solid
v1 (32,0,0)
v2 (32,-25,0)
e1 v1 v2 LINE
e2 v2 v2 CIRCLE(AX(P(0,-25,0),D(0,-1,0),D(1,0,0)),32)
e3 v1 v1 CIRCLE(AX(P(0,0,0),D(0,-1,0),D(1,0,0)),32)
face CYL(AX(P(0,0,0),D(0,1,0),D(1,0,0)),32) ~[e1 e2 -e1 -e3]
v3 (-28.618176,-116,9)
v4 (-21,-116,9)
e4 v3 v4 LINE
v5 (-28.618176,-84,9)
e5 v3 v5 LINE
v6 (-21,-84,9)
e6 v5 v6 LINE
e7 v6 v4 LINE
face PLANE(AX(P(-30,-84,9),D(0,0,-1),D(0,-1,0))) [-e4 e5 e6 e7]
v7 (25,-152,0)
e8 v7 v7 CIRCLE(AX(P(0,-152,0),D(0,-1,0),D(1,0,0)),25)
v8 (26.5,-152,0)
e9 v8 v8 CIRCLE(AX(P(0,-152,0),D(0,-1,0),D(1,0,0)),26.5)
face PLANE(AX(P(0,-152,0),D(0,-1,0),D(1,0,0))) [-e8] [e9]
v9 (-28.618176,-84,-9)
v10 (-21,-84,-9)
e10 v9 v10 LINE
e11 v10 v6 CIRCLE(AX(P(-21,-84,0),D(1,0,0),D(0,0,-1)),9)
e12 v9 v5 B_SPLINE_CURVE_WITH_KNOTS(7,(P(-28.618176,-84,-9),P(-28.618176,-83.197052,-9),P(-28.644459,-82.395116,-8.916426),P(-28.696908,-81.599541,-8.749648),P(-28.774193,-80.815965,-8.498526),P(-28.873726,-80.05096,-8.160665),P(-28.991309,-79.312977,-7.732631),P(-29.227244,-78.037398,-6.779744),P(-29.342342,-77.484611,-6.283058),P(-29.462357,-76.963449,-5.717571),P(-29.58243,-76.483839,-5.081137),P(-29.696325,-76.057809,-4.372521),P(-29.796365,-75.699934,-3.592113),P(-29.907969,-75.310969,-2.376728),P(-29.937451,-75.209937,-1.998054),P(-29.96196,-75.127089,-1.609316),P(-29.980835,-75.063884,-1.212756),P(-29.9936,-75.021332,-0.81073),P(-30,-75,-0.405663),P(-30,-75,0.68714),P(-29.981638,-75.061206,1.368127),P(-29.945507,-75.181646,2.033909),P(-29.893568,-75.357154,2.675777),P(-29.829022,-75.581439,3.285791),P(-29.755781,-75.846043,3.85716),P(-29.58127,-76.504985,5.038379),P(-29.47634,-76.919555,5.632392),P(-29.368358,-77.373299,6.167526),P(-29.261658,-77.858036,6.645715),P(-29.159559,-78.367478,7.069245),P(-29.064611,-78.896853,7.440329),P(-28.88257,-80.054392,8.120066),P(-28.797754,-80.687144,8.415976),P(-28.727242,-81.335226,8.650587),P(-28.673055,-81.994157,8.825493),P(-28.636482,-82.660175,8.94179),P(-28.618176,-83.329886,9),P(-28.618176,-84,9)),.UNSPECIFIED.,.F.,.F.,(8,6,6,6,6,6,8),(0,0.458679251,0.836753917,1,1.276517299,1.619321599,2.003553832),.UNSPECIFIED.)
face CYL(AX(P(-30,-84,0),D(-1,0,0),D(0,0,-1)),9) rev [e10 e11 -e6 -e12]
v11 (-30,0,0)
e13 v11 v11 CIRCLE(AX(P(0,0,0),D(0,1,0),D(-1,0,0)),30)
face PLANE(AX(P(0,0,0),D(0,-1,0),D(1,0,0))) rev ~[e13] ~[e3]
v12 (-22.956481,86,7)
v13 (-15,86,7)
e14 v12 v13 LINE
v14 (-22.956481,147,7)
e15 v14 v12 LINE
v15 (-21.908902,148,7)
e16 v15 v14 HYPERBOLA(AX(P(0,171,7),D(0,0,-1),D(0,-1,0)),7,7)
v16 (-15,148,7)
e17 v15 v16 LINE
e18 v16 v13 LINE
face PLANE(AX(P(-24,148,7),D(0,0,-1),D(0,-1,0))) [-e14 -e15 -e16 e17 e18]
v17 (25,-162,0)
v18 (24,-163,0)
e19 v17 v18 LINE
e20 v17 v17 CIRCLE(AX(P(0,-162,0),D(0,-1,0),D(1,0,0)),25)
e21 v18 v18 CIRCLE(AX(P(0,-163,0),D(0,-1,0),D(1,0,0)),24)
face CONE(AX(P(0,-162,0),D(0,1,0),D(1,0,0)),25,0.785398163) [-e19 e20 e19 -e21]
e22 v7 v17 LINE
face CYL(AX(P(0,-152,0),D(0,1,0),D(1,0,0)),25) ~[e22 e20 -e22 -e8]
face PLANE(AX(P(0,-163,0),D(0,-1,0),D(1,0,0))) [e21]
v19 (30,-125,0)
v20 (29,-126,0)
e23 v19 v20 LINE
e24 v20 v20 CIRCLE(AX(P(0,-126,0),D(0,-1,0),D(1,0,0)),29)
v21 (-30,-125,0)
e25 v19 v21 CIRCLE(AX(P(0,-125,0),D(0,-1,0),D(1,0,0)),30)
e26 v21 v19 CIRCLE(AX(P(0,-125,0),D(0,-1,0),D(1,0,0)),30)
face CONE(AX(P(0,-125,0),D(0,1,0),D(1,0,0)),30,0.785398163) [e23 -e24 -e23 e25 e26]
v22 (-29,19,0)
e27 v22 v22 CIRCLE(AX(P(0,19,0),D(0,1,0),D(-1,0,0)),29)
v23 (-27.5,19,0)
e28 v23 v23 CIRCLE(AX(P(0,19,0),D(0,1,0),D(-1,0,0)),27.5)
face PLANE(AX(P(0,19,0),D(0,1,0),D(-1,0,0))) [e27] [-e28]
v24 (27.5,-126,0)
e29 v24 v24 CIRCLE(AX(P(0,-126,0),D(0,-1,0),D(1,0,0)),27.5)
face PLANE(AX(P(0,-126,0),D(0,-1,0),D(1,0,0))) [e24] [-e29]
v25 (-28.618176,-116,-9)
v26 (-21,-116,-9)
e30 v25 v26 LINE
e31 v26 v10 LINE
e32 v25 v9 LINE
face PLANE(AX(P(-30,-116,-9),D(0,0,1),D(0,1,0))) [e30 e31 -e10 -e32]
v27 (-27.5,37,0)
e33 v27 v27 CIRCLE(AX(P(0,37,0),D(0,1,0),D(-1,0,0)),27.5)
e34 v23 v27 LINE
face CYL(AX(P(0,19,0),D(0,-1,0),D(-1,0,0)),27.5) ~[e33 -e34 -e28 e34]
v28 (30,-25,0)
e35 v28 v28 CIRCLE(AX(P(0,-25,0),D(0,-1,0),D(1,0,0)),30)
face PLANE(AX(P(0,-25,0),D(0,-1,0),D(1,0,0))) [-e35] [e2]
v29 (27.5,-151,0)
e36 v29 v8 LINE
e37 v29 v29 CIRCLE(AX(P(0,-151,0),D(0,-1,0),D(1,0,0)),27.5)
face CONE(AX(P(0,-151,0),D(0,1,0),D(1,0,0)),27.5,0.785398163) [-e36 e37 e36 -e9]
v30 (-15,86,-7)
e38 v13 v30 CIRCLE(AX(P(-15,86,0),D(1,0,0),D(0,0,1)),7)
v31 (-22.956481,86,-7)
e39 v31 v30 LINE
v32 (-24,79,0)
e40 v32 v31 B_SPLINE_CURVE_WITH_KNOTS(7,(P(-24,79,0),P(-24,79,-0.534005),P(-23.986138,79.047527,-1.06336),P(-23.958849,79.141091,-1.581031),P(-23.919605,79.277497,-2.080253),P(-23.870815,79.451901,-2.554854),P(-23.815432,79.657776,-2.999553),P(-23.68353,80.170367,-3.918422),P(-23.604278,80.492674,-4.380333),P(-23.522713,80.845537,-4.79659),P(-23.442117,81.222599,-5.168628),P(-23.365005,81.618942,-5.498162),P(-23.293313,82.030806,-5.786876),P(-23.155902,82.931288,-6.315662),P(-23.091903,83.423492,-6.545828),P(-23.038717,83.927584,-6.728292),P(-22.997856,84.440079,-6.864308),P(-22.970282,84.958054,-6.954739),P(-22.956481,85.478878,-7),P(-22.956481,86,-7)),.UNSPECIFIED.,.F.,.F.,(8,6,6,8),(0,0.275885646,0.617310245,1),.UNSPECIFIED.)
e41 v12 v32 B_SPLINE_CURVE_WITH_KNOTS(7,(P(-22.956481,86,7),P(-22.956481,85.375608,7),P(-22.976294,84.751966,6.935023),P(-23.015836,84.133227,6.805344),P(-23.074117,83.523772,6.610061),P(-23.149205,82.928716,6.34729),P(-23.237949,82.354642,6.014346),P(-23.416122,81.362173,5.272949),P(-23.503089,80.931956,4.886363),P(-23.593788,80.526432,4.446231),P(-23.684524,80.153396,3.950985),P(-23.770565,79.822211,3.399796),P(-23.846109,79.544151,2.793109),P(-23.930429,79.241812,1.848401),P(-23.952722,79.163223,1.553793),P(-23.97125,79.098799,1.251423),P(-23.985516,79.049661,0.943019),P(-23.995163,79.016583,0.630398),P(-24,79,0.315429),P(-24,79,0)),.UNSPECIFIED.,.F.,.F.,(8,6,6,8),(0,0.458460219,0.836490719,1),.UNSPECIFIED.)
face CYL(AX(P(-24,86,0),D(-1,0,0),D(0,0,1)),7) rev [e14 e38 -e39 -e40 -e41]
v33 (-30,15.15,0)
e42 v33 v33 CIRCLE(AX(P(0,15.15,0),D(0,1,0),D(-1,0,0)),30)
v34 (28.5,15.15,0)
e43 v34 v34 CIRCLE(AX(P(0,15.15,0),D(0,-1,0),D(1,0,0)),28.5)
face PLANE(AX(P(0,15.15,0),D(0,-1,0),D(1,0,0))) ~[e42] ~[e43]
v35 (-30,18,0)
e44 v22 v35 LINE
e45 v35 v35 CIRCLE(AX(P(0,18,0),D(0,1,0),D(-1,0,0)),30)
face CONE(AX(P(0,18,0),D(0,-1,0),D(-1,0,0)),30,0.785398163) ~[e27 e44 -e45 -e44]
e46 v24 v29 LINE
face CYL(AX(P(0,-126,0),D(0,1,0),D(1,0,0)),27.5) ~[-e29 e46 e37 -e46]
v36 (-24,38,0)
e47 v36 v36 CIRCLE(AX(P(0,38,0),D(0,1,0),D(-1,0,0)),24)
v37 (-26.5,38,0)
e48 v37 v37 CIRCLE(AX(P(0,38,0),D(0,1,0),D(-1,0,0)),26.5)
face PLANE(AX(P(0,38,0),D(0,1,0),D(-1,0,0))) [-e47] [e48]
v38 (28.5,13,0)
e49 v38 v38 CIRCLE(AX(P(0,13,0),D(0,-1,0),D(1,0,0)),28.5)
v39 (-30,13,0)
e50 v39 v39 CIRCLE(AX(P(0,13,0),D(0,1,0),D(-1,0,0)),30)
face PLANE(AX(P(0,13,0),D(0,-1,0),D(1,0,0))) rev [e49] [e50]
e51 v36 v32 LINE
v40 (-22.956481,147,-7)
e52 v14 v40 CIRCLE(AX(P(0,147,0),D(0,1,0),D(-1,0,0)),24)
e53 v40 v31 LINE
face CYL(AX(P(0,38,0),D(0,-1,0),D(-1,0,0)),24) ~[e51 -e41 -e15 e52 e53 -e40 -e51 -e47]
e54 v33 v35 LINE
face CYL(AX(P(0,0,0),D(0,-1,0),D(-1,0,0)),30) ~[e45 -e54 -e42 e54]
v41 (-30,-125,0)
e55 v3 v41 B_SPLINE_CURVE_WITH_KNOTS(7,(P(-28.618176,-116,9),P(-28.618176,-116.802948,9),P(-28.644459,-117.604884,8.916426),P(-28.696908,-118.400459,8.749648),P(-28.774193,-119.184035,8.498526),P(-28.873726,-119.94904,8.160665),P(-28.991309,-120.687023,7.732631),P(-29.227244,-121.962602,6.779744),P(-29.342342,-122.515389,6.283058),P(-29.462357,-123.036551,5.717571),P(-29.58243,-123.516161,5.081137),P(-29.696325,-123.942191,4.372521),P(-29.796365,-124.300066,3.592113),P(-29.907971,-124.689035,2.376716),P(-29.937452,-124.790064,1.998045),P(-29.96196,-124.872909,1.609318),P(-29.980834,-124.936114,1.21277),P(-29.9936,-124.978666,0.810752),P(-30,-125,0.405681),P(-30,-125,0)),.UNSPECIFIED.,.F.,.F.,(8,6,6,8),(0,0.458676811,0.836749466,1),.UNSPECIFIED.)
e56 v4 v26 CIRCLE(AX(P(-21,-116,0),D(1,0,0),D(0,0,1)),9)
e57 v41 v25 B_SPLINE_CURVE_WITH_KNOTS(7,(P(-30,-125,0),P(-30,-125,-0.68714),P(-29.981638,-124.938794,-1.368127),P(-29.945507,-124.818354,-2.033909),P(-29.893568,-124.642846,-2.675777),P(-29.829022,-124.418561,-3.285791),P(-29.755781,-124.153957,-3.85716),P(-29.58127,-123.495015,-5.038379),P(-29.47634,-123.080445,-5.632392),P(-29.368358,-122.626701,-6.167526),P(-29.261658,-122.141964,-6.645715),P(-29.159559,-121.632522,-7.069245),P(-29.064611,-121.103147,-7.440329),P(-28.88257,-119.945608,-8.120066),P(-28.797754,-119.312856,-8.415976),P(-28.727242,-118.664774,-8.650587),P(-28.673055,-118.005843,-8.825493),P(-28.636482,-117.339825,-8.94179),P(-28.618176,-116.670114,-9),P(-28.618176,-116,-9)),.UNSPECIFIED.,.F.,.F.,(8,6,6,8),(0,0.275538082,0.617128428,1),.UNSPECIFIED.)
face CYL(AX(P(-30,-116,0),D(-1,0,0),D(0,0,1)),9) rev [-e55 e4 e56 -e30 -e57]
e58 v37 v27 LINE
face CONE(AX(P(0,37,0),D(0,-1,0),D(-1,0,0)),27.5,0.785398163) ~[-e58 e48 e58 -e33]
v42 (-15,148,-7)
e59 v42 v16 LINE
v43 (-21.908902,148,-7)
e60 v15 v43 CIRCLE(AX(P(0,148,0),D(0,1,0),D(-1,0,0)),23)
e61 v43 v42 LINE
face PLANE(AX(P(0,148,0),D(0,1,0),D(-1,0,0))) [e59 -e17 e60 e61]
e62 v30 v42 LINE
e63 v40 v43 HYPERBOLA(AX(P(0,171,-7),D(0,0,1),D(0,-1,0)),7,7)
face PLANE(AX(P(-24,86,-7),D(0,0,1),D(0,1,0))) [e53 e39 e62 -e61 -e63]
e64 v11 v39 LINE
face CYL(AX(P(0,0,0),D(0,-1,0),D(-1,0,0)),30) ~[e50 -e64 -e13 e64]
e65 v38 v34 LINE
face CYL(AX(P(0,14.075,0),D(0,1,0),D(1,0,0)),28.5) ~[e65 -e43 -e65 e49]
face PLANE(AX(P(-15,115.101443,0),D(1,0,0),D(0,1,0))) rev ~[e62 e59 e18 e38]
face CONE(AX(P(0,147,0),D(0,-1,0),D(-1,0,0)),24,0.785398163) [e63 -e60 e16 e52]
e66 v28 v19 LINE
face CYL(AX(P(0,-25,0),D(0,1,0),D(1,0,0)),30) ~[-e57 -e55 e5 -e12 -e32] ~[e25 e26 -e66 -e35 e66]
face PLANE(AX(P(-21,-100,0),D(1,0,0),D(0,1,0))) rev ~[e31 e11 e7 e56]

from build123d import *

# Parameters (mm, degrees)
F0_R      = 32
F1_DEPTH  = 25
F2_R      = 30
F3_DEPTH  = 101
F4_R      = 27.5
F5_DEPTH  = 26
F6_R      = 25
F7_DEPTH  = 11
F8_R      = 30
F9_DEPTH  = 19
F10_R     = 27.5
F11_DEPTH = 19
F12_R     = 24
F13_DEPTH = 110
F14_SIZE  = 1
F15_SIZE  = 1
F16_SIZE  = 1
F17_W     = 1.5
F17_H     = 2.15
F19_SIZE  = 1
F20_SIZE  = 1
F21_SIZE  = 1
F24_DEPTH = 9
F27_DEPTH = 9


with BuildPart() as f1:
    # F0 (on Front) → F1 (new body)
    with BuildSketch(Plane.XZ):
        Circle(F0_R)
    extrude(amount=F1_DEPTH)

    # F2 (on face) → F3 (join)
    with BuildSketch(Plane.XZ.offset(25)):
        Circle(F2_R)
    extrude(amount=F3_DEPTH)

    # F4 (on face) → F5 (join)
    with BuildSketch(Plane.XZ.offset(126)):
        Circle(F4_R)
    extrude(amount=F5_DEPTH)

    # F6 (on face) → F7 (join)
    with BuildSketch(Plane.XZ.offset(152)):
        Circle(F6_R)
    extrude(amount=F7_DEPTH)

    # F8 (on face) → F9 (join)
    with BuildSketch(Plane(origin=(0, 0, 0), x_dir=(-1, 0, 0), z_dir=(0, 1, 0))):
        Circle(F8_R)
    extrude(amount=F9_DEPTH)

    # F10 (on face) → F11 (join)
    with BuildSketch(Plane(origin=(0, 19, 0), x_dir=(-1, 0, 0), z_dir=(0, 1, 0))):
        Circle(F10_R)
    extrude(amount=F11_DEPTH)

    # F12 (on face) → F13 (join)
    with BuildSketch(Plane(origin=(0, 38, 0), x_dir=(-1, 0, 0), z_dir=(0, 1, 0))):
        Circle(F12_R)
    extrude(amount=F13_DEPTH)

    # F14
    f14_edges = [f1.edges().sort_by_distance(p)[0] for p in [
        (24, 148, 0),
    ]]
    chamfer(f14_edges, length=F14_SIZE)

    # F15
    f15_edges = [f1.edges().sort_by_distance(p)[0] for p in [
        (27.5, 38, 0),
    ]]
    chamfer(f15_edges, length=F15_SIZE)

    # F16
    f16_edges = [f1.edges().sort_by_distance(p)[0] for p in [
        (30, 19, 0),
    ]]
    chamfer(f16_edges, length=F16_SIZE)

    # F17 (on Top) → F18 (revolve, cut)
    with BuildSketch(Plane.XY):
        with Locations((29.25, 14.075)):
            Rectangle(F17_W, F17_H)
    revolve(axis=Axis((0, 0, 0), (0, -1, 0)), mode=Mode.SUBTRACT)

    # F19
    f19_edges = [f1.edges().sort_by_distance(p)[0] for p in [
        (-30, -126, 0),
    ]]
    chamfer(f19_edges, length=F19_SIZE)

    # F20
    f20_edges = [f1.edges().sort_by_distance(p)[0] for p in [
        (-27.5, -152, 0),
    ]]
    chamfer(f20_edges, length=F20_SIZE)

    # F21
    f21_edges = [f1.edges().sort_by_distance(p)[0] for p in [
        (-25, -163, 0),
    ]]
    chamfer(f21_edges, length=F21_SIZE)

    # F23 (on offset) → F24 (cut)
    with BuildSketch(Plane.YZ.offset(-24)):
        with BuildLine():
            Line((148, -7), (148, 7))
            Line((148, 7), (86, 7))
            ThreePointArc((86, 7), (79, 0), (86, -7))
            Line((86, -7), (148, -7))
        make_face()
    extrude(amount=F24_DEPTH, mode=Mode.SUBTRACT)

    # F26 (on offset) → F27 (cut)
    with BuildSketch(Plane.YZ.offset(-30)):
        with BuildLine():
            ThreePointArc((-84, -9), (-75, 0), (-84, 9))
            Line((-84, 9), (-116, 9))
            ThreePointArc((-116, 9), (-125, 0), (-116, -9))
            Line((-116, -9), (-84, -9))
        make_face()
    extrude(amount=F27_DEPTH, mode=Mode.SUBTRACT)


solid = f1.part
